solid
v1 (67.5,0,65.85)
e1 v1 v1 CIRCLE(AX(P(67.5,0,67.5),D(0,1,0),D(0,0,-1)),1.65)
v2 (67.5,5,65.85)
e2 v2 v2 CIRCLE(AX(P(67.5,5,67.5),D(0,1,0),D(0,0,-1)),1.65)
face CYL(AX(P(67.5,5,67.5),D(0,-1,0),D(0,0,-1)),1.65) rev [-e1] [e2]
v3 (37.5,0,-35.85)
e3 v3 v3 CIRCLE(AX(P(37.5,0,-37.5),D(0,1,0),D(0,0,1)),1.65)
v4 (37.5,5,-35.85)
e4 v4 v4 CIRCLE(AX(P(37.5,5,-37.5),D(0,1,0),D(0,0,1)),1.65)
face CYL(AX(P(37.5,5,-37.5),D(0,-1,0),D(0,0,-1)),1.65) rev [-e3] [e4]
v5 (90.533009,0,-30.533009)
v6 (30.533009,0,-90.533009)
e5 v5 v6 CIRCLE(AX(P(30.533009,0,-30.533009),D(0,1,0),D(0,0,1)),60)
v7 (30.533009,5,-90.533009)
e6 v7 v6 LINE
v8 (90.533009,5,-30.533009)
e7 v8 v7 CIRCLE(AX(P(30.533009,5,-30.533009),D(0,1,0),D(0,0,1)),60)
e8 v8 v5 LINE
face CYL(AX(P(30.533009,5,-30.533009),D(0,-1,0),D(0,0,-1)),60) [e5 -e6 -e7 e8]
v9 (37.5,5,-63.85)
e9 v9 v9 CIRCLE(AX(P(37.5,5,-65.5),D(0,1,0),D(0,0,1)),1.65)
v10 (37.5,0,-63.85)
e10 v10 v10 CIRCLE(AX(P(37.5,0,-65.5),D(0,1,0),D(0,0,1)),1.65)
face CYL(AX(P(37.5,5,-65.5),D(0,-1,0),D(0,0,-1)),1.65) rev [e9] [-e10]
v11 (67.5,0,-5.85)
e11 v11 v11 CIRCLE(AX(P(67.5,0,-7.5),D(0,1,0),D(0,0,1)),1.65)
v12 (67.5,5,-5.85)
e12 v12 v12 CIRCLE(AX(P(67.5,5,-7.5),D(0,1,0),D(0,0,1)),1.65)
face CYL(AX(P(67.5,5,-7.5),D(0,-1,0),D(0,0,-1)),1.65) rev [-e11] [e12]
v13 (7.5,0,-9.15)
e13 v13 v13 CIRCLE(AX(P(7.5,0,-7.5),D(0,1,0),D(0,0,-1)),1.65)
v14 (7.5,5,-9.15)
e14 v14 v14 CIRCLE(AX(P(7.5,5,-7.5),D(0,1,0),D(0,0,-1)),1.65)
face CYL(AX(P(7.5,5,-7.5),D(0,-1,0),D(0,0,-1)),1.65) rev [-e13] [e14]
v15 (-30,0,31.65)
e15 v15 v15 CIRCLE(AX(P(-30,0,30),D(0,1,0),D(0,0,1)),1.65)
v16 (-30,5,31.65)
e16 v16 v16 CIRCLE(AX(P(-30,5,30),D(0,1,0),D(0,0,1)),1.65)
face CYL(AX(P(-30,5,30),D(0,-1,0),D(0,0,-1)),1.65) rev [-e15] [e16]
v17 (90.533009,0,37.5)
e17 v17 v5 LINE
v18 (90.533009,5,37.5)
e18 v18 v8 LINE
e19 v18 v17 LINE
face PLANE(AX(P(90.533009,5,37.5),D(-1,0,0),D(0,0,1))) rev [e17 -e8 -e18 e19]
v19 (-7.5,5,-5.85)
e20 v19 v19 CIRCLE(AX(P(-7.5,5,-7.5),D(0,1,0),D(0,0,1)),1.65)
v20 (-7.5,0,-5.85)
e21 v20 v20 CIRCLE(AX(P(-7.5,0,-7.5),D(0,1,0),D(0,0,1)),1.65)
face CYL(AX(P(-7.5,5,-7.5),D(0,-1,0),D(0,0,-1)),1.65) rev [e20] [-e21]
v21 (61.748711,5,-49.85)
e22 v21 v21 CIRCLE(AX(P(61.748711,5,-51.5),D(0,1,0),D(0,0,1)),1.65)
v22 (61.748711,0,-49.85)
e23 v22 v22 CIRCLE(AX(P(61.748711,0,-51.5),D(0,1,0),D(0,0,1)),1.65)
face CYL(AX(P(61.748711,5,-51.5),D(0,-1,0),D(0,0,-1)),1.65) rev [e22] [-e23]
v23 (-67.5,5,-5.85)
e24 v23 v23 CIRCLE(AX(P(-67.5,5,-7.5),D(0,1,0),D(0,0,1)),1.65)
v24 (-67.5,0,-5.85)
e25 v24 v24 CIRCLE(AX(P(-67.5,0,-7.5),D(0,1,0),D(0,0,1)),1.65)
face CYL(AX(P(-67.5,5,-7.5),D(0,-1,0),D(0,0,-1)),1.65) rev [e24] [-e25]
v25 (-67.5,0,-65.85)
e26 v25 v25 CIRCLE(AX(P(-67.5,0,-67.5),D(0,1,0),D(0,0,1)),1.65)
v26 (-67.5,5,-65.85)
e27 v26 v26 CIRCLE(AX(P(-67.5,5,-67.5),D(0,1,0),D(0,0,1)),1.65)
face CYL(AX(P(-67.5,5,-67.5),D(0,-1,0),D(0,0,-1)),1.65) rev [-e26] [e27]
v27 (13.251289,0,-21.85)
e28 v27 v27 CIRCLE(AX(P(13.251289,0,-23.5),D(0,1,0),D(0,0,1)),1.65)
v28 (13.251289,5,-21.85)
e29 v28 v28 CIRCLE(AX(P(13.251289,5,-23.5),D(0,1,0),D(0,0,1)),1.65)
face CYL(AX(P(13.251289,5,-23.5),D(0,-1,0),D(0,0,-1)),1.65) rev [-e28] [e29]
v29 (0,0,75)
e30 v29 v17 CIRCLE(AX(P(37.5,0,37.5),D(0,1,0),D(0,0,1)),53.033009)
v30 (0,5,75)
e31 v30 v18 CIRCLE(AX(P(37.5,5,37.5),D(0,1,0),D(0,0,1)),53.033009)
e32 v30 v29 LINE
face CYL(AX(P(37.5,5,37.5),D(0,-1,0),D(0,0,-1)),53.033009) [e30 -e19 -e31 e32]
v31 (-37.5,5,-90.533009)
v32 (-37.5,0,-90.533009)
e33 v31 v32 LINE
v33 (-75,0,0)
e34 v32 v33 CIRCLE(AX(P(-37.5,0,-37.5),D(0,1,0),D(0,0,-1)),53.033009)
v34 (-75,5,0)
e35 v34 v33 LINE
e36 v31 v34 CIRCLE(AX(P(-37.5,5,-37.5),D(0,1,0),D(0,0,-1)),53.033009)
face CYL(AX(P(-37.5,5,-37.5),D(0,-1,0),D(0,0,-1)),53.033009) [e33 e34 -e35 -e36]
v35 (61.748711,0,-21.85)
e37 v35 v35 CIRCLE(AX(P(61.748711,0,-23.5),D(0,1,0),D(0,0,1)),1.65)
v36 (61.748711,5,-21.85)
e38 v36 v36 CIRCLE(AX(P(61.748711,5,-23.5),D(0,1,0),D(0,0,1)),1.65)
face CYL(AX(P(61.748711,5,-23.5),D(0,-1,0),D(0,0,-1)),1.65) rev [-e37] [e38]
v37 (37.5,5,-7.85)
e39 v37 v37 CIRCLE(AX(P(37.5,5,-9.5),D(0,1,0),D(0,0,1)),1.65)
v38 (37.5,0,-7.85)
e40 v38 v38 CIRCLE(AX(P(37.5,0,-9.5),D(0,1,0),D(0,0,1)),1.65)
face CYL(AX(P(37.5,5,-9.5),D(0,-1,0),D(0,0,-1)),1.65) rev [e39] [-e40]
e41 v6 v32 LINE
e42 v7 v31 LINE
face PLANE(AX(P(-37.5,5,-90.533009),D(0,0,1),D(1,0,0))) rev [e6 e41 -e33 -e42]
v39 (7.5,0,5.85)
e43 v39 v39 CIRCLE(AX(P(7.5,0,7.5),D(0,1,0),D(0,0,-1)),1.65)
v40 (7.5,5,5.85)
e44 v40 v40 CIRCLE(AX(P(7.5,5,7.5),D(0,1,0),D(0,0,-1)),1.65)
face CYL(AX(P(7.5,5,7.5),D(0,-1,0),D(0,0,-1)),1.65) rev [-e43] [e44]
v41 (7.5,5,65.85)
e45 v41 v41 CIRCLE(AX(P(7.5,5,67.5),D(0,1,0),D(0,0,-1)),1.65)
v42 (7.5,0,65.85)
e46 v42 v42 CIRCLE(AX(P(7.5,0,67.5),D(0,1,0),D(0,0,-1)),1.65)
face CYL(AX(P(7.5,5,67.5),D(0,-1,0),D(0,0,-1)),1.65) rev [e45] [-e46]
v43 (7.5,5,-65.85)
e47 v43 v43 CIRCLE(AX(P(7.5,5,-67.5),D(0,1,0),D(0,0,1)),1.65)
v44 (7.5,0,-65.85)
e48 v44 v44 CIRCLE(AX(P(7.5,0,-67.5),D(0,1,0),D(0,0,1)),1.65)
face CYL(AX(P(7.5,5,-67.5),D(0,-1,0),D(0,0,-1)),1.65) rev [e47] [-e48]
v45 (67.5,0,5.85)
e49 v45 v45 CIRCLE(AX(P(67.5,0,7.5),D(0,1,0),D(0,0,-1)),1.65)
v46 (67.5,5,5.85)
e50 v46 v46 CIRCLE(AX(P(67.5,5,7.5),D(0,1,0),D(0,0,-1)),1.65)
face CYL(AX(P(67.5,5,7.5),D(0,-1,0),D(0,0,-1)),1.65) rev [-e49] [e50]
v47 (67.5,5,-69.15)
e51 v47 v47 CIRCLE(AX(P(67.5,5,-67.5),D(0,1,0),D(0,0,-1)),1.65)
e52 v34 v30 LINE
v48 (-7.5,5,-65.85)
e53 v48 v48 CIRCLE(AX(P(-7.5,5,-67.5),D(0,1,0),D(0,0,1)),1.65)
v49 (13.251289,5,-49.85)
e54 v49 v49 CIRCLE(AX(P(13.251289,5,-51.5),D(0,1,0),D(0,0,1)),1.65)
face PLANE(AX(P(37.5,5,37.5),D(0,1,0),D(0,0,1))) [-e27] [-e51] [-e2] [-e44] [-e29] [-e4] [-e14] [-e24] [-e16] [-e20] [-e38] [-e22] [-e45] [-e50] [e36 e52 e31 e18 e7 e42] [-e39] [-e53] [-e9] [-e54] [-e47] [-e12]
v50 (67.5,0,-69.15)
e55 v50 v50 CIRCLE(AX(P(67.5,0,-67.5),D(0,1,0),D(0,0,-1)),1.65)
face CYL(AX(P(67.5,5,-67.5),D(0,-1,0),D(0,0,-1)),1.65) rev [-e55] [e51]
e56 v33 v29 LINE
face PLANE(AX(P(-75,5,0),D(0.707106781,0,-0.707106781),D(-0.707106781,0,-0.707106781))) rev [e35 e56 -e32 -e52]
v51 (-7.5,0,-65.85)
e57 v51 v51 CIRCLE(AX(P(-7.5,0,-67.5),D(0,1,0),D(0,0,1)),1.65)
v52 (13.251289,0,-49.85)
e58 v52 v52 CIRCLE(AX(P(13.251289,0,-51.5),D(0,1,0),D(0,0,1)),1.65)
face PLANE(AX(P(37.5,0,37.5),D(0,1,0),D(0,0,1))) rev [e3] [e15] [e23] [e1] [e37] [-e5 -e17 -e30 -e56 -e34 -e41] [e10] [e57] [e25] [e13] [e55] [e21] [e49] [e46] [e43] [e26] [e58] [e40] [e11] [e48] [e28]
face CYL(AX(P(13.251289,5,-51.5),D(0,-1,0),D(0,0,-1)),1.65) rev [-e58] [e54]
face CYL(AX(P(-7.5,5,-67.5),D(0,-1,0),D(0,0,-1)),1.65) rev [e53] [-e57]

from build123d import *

# Parameters (mm, degrees)
SKETCH_1_R      = 1.65
EXTRUDE_1_DEPTH = 5


with BuildPart() as part:
    # 草图1 → 凸台-拉伸1 (new body)
    with BuildSketch(Plane(origin=(0, 0, 0), x_dir=(1, 0, 0), z_dir=(0, 1, 0))):
        with BuildLine():
            Line((-75, 0), (0, -75))
            ThreePointArc((0, -75), (37.5, -90.533008589), (75, -75))
            ThreePointArc((75, -75), (86.496111183, -57.794853755), (90.533008589, -37.5))
            Line((90.533008589, -37.5), (90.533008589, 30.533008589))
            ThreePointArc((90.533008589, 30.533008589), (72.95941546, 72.95941546), (30.533008589, 90.533008589))
            Line((30.533008589, 90.533008589), (-37.5, 90.533008589))
            ThreePointArc((-37.5, 90.533008589), (-57.794853755, 86.496111183), (-75, 75))
            ThreePointArc((-75, 75), (-90.533008589, 37.5), (-75, 0))
        make_face()
        with Locations(Location((37.5, 65.5, 0), (0, 0, 270))):
            Circle(SKETCH_1_R, mode=Mode.SUBTRACT)
        with Locations(Location((61.748711306, 51.5, 0), (0, 0, 270))):
            Circle(SKETCH_1_R, mode=Mode.SUBTRACT)
        with Locations(Location((61.748711306, 23.5, 0), (0, 0, 270))):
            Circle(SKETCH_1_R, mode=Mode.SUBTRACT)
        with Locations(Location((37.5, 9.5, 0), (0, 0, 270))):
            Circle(SKETCH_1_R, mode=Mode.SUBTRACT)
        with Locations(Location((13.251288694, 23.5, 0), (0, 0, 270))):
            Circle(SKETCH_1_R, mode=Mode.SUBTRACT)
        with Locations(Location((13.251288694, 51.5, 0), (0, 0, 270))):
            Circle(SKETCH_1_R, mode=Mode.SUBTRACT)
        with Locations(Location((7.5, 67.5, 0), (0, 0, 270))):
            Circle(SKETCH_1_R, mode=Mode.SUBTRACT)
        with Locations(Location((67.5, 67.5, 0), (0, 0, 90))):
            Circle(SKETCH_1_R, mode=Mode.SUBTRACT)
        with Locations(Location((67.5, 7.5, 0), (0, 0, 270))):
            Circle(SKETCH_1_R, mode=Mode.SUBTRACT)
        with Locations(Location((7.5, 7.5, 0), (0, 0, 90))):
            Circle(SKETCH_1_R, mode=Mode.SUBTRACT)
        with Locations(Location((37.5, 37.5, 0), (0, 0, 270))):
            Circle(SKETCH_1_R, mode=Mode.SUBTRACT)
        with Locations(Location((-67.5, 67.5, 0), (0, 0, 270))):
            Circle(SKETCH_1_R, mode=Mode.SUBTRACT)
        with Locations(Location((-7.5, 67.5, 0), (0, 0, 270))):
            Circle(SKETCH_1_R, mode=Mode.SUBTRACT)
        with Locations(Location((-67.5, 7.5, 0), (0, 0, 270))):
            Circle(SKETCH_1_R, mode=Mode.SUBTRACT)
        with Locations(Location((-7.5, 7.5, 0), (0, 0, 270))):
            Circle(SKETCH_1_R, mode=Mode.SUBTRACT)
        with Locations(Location((7.5, -67.5, 0), (0, 0, 90))):
            Circle(SKETCH_1_R, mode=Mode.SUBTRACT)
        with Locations(Location((7.5, -7.5, 0), (0, 0, 90))):
            Circle(SKETCH_1_R, mode=Mode.SUBTRACT)
        with Locations(Location((67.5, -7.5, 0), (0, 0, 90))):
            Circle(SKETCH_1_R, mode=Mode.SUBTRACT)
        with Locations(Location((67.5, -67.5, 0), (0, 0, 90))):
            Circle(SKETCH_1_R, mode=Mode.SUBTRACT)
        with Locations(Location((-30, -30, 0), (0, 0, 270))):
            Circle(SKETCH_1_R, mode=Mode.SUBTRACT)
    extrude(amount=EXTRUDE_1_DEPTH)


solid = part.part
